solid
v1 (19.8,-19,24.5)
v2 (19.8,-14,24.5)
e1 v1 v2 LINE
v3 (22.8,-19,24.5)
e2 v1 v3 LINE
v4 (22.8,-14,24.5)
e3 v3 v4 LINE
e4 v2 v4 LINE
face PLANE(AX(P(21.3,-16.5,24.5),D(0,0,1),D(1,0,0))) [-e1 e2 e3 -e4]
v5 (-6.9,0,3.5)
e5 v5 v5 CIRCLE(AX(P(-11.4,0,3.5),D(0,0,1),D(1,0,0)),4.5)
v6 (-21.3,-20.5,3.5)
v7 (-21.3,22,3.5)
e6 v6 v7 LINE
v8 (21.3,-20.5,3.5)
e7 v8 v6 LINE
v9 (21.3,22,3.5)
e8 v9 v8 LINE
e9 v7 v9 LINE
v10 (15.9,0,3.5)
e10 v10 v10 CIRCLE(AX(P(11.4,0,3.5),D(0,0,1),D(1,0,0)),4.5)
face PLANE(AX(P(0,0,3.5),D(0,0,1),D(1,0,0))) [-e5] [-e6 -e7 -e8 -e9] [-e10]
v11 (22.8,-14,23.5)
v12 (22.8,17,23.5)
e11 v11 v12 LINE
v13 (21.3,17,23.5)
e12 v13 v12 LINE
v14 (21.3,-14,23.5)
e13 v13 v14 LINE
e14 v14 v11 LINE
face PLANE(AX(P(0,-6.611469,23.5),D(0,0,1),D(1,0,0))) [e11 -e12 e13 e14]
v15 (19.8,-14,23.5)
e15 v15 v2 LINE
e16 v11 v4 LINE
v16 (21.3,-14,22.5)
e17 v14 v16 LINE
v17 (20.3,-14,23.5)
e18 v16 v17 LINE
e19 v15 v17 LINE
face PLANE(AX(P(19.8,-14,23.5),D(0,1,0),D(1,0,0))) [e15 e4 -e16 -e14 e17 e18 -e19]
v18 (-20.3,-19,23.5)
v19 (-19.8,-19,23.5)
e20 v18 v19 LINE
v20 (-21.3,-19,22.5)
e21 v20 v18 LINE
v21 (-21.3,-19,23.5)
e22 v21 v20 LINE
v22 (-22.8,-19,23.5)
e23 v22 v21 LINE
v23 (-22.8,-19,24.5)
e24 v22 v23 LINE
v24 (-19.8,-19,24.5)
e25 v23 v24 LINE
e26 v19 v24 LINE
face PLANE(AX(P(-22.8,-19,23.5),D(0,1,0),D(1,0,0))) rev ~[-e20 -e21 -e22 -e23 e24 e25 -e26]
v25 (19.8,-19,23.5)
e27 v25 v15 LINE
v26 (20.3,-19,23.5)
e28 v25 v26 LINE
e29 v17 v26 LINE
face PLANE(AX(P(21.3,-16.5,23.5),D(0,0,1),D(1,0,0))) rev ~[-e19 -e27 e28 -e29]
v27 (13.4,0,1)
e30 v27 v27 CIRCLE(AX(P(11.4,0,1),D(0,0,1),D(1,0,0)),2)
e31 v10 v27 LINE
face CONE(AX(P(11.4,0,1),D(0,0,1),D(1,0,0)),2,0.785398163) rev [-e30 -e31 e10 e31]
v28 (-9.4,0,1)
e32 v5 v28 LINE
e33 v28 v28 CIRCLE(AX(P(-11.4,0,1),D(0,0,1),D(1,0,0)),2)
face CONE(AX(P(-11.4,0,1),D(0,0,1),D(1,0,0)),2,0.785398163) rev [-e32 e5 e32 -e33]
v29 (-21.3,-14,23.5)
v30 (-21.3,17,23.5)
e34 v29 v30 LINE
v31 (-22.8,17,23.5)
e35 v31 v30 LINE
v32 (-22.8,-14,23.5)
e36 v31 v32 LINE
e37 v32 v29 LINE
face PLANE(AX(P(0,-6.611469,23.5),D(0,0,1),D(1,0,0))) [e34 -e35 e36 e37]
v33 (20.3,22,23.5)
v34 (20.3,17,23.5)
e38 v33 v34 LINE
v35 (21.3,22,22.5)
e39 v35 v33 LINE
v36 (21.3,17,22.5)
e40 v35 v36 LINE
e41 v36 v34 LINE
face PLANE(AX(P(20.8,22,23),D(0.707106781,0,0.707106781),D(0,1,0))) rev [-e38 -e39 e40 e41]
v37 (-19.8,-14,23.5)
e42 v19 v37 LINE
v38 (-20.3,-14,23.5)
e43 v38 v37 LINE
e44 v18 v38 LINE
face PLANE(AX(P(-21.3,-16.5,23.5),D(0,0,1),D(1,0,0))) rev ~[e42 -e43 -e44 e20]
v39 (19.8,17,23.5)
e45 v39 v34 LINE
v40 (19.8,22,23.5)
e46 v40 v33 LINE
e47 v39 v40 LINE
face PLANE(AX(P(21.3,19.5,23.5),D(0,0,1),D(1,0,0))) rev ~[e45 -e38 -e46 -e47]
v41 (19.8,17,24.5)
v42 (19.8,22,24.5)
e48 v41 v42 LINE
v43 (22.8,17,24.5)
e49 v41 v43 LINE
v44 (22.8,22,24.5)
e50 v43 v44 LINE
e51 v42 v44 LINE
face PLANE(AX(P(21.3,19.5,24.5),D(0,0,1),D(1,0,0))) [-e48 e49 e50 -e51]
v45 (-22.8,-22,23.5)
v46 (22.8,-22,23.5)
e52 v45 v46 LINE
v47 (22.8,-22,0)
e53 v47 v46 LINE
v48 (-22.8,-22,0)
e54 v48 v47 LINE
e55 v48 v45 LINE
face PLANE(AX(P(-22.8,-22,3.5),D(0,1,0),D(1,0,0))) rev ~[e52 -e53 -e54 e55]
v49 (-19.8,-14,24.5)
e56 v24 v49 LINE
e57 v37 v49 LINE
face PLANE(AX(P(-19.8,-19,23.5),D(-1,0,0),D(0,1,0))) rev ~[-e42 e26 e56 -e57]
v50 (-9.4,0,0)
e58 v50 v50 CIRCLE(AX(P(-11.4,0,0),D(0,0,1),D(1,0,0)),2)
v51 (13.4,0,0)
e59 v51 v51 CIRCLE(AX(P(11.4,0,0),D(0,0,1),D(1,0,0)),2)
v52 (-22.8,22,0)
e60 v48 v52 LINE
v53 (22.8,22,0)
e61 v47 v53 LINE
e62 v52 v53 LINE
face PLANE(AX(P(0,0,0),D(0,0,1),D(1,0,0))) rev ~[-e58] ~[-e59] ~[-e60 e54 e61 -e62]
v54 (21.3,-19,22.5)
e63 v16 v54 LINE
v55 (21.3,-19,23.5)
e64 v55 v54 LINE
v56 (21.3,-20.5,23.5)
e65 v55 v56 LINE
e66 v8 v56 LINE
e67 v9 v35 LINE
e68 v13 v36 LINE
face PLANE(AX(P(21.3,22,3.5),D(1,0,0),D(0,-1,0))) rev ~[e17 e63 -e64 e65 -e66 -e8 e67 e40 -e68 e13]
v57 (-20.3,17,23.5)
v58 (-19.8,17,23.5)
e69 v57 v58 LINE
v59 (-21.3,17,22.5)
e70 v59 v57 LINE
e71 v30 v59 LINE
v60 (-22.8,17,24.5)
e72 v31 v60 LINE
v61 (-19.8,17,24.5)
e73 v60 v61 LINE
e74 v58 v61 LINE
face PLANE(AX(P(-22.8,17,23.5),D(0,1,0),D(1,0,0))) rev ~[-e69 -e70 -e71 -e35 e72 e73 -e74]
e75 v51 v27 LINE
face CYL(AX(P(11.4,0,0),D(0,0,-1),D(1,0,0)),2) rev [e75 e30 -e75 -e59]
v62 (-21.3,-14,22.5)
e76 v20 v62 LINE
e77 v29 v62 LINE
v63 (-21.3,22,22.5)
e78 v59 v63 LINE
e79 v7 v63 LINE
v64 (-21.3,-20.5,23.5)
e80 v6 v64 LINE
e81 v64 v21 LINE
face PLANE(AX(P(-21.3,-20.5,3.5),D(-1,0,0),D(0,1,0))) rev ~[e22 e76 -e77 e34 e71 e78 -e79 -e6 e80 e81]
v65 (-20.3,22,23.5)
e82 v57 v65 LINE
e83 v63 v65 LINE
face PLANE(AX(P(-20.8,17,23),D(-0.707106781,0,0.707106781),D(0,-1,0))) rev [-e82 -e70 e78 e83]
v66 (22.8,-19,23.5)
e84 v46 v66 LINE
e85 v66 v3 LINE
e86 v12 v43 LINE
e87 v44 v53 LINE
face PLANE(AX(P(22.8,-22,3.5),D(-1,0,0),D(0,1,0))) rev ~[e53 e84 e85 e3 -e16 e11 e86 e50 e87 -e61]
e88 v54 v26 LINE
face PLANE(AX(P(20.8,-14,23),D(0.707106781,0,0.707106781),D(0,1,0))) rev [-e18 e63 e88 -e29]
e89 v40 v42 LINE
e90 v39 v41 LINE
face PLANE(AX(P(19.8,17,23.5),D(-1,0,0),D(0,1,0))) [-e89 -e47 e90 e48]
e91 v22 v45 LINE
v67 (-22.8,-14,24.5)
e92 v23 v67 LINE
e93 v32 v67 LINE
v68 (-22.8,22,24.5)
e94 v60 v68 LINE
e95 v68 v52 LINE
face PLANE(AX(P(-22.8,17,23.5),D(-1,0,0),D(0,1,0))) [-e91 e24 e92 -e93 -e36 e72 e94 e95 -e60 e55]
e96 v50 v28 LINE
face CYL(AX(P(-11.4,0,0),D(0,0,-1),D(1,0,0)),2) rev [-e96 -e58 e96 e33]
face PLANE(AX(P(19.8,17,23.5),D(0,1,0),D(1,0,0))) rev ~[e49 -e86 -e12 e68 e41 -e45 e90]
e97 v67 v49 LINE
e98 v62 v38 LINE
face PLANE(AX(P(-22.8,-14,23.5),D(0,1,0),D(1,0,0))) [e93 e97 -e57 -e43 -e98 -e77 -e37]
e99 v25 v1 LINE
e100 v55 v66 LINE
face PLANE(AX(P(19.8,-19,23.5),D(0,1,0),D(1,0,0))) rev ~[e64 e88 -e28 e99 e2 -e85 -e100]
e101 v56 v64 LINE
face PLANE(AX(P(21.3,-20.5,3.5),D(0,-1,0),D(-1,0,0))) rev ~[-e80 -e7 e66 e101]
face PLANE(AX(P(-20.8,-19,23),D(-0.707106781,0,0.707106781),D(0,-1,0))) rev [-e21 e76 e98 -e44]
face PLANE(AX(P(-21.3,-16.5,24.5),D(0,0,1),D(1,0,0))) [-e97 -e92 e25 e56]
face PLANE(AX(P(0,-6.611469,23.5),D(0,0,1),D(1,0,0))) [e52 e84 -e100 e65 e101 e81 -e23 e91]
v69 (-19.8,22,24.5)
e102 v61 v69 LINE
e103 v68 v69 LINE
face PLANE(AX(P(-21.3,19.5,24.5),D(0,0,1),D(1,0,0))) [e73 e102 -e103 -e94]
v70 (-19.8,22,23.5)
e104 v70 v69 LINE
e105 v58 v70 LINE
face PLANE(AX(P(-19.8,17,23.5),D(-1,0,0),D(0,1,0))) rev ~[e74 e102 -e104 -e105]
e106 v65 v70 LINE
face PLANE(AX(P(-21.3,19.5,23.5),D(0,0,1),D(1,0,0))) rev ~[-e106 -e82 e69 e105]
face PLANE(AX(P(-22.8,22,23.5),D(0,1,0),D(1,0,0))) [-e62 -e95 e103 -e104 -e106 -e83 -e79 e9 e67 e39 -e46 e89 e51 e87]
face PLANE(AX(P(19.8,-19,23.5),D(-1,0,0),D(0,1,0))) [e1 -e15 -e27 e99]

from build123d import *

# Parameters (mm, degrees)
SKETCH_W         = 45.6
SKETCH_H         = 44
SKETCH_R         = 2
PAD_DEPTH        = 3.5
PAD001_DEPTH     = 20
SKETCH002_W      = 3
SKETCH002_H      = 5
PAD002_DEPTH     = 1
CHAMFER_SIZE     = 1
CHAMFER001_ANGLE = 45
CHAMFER001_SIZE  = 2.5


with BuildPart() as part:
    # Sketch → Pad (new body)
    with BuildSketch(Plane.XY):
        Rectangle(SKETCH_W, SKETCH_H)
        with Locations((-11.4, 0)):
            Circle(SKETCH_R, mode=Mode.SUBTRACT)
        with Locations((11.4, 0)):
            Circle(SKETCH_R, mode=Mode.SUBTRACT)
    extrude(amount=PAD_DEPTH)

    # Sketch001 (on Face8 of Pad) → Pad001 (join)
    with BuildSketch(Plane.XY.offset(3.5)):
        Polygon((-22.8, 22), (-22.8, -22), (22.8, -22), (22.8, 22), (21.3, 22), (21.3, -20.5), (-21.3, -20.5), (-21.3, 22), align=None)
    extrude(amount=PAD001_DEPTH)

    # Sketch002 (on Face14 of Pad001) → Pad002 (join)
    with BuildSketch(Plane.XY.offset(23.5)):
        with Locations((-21.3, 19.5)):
            Rectangle(SKETCH002_W, SKETCH002_H)
        with Locations((21.3, 19.5)):
            Rectangle(SKETCH002_W, SKETCH002_H)
        with Locations((-21.3, -16.5)):
            Rectangle(SKETCH002_W, SKETCH002_H)
        with Locations((21.3, -16.5)):
            Rectangle(SKETCH002_W, SKETCH002_H)
    extrude(amount=PAD002_DEPTH)

    # Chamfer
    chamfer_edges = [part.edges().sort_by_distance(p)[0] for p in [
        (-21.3, -16.5, 23.5),
        (-21.3, 19.5, 23.5),
        (21.3, -16.5, 23.5),
        (21.3, 19.5, 23.5),
    ]]
    chamfer(chamfer_edges, length=CHAMFER_SIZE)

    # Chamfer001
    chamfer001_edges = [part.edges().sort_by_distance(p)[0] for p in [
        (9.4, 0, 3.5),
        (-13.4, 0, 3.5),
    ]]
    chamfer001_side = part.faces().sort_by_distance((0, 0.760558, 3.5))[0]
    chamfer(chamfer001_edges, length=CHAMFER001_SIZE, angle=CHAMFER001_ANGLE, reference=chamfer001_side)


solid = part.part
